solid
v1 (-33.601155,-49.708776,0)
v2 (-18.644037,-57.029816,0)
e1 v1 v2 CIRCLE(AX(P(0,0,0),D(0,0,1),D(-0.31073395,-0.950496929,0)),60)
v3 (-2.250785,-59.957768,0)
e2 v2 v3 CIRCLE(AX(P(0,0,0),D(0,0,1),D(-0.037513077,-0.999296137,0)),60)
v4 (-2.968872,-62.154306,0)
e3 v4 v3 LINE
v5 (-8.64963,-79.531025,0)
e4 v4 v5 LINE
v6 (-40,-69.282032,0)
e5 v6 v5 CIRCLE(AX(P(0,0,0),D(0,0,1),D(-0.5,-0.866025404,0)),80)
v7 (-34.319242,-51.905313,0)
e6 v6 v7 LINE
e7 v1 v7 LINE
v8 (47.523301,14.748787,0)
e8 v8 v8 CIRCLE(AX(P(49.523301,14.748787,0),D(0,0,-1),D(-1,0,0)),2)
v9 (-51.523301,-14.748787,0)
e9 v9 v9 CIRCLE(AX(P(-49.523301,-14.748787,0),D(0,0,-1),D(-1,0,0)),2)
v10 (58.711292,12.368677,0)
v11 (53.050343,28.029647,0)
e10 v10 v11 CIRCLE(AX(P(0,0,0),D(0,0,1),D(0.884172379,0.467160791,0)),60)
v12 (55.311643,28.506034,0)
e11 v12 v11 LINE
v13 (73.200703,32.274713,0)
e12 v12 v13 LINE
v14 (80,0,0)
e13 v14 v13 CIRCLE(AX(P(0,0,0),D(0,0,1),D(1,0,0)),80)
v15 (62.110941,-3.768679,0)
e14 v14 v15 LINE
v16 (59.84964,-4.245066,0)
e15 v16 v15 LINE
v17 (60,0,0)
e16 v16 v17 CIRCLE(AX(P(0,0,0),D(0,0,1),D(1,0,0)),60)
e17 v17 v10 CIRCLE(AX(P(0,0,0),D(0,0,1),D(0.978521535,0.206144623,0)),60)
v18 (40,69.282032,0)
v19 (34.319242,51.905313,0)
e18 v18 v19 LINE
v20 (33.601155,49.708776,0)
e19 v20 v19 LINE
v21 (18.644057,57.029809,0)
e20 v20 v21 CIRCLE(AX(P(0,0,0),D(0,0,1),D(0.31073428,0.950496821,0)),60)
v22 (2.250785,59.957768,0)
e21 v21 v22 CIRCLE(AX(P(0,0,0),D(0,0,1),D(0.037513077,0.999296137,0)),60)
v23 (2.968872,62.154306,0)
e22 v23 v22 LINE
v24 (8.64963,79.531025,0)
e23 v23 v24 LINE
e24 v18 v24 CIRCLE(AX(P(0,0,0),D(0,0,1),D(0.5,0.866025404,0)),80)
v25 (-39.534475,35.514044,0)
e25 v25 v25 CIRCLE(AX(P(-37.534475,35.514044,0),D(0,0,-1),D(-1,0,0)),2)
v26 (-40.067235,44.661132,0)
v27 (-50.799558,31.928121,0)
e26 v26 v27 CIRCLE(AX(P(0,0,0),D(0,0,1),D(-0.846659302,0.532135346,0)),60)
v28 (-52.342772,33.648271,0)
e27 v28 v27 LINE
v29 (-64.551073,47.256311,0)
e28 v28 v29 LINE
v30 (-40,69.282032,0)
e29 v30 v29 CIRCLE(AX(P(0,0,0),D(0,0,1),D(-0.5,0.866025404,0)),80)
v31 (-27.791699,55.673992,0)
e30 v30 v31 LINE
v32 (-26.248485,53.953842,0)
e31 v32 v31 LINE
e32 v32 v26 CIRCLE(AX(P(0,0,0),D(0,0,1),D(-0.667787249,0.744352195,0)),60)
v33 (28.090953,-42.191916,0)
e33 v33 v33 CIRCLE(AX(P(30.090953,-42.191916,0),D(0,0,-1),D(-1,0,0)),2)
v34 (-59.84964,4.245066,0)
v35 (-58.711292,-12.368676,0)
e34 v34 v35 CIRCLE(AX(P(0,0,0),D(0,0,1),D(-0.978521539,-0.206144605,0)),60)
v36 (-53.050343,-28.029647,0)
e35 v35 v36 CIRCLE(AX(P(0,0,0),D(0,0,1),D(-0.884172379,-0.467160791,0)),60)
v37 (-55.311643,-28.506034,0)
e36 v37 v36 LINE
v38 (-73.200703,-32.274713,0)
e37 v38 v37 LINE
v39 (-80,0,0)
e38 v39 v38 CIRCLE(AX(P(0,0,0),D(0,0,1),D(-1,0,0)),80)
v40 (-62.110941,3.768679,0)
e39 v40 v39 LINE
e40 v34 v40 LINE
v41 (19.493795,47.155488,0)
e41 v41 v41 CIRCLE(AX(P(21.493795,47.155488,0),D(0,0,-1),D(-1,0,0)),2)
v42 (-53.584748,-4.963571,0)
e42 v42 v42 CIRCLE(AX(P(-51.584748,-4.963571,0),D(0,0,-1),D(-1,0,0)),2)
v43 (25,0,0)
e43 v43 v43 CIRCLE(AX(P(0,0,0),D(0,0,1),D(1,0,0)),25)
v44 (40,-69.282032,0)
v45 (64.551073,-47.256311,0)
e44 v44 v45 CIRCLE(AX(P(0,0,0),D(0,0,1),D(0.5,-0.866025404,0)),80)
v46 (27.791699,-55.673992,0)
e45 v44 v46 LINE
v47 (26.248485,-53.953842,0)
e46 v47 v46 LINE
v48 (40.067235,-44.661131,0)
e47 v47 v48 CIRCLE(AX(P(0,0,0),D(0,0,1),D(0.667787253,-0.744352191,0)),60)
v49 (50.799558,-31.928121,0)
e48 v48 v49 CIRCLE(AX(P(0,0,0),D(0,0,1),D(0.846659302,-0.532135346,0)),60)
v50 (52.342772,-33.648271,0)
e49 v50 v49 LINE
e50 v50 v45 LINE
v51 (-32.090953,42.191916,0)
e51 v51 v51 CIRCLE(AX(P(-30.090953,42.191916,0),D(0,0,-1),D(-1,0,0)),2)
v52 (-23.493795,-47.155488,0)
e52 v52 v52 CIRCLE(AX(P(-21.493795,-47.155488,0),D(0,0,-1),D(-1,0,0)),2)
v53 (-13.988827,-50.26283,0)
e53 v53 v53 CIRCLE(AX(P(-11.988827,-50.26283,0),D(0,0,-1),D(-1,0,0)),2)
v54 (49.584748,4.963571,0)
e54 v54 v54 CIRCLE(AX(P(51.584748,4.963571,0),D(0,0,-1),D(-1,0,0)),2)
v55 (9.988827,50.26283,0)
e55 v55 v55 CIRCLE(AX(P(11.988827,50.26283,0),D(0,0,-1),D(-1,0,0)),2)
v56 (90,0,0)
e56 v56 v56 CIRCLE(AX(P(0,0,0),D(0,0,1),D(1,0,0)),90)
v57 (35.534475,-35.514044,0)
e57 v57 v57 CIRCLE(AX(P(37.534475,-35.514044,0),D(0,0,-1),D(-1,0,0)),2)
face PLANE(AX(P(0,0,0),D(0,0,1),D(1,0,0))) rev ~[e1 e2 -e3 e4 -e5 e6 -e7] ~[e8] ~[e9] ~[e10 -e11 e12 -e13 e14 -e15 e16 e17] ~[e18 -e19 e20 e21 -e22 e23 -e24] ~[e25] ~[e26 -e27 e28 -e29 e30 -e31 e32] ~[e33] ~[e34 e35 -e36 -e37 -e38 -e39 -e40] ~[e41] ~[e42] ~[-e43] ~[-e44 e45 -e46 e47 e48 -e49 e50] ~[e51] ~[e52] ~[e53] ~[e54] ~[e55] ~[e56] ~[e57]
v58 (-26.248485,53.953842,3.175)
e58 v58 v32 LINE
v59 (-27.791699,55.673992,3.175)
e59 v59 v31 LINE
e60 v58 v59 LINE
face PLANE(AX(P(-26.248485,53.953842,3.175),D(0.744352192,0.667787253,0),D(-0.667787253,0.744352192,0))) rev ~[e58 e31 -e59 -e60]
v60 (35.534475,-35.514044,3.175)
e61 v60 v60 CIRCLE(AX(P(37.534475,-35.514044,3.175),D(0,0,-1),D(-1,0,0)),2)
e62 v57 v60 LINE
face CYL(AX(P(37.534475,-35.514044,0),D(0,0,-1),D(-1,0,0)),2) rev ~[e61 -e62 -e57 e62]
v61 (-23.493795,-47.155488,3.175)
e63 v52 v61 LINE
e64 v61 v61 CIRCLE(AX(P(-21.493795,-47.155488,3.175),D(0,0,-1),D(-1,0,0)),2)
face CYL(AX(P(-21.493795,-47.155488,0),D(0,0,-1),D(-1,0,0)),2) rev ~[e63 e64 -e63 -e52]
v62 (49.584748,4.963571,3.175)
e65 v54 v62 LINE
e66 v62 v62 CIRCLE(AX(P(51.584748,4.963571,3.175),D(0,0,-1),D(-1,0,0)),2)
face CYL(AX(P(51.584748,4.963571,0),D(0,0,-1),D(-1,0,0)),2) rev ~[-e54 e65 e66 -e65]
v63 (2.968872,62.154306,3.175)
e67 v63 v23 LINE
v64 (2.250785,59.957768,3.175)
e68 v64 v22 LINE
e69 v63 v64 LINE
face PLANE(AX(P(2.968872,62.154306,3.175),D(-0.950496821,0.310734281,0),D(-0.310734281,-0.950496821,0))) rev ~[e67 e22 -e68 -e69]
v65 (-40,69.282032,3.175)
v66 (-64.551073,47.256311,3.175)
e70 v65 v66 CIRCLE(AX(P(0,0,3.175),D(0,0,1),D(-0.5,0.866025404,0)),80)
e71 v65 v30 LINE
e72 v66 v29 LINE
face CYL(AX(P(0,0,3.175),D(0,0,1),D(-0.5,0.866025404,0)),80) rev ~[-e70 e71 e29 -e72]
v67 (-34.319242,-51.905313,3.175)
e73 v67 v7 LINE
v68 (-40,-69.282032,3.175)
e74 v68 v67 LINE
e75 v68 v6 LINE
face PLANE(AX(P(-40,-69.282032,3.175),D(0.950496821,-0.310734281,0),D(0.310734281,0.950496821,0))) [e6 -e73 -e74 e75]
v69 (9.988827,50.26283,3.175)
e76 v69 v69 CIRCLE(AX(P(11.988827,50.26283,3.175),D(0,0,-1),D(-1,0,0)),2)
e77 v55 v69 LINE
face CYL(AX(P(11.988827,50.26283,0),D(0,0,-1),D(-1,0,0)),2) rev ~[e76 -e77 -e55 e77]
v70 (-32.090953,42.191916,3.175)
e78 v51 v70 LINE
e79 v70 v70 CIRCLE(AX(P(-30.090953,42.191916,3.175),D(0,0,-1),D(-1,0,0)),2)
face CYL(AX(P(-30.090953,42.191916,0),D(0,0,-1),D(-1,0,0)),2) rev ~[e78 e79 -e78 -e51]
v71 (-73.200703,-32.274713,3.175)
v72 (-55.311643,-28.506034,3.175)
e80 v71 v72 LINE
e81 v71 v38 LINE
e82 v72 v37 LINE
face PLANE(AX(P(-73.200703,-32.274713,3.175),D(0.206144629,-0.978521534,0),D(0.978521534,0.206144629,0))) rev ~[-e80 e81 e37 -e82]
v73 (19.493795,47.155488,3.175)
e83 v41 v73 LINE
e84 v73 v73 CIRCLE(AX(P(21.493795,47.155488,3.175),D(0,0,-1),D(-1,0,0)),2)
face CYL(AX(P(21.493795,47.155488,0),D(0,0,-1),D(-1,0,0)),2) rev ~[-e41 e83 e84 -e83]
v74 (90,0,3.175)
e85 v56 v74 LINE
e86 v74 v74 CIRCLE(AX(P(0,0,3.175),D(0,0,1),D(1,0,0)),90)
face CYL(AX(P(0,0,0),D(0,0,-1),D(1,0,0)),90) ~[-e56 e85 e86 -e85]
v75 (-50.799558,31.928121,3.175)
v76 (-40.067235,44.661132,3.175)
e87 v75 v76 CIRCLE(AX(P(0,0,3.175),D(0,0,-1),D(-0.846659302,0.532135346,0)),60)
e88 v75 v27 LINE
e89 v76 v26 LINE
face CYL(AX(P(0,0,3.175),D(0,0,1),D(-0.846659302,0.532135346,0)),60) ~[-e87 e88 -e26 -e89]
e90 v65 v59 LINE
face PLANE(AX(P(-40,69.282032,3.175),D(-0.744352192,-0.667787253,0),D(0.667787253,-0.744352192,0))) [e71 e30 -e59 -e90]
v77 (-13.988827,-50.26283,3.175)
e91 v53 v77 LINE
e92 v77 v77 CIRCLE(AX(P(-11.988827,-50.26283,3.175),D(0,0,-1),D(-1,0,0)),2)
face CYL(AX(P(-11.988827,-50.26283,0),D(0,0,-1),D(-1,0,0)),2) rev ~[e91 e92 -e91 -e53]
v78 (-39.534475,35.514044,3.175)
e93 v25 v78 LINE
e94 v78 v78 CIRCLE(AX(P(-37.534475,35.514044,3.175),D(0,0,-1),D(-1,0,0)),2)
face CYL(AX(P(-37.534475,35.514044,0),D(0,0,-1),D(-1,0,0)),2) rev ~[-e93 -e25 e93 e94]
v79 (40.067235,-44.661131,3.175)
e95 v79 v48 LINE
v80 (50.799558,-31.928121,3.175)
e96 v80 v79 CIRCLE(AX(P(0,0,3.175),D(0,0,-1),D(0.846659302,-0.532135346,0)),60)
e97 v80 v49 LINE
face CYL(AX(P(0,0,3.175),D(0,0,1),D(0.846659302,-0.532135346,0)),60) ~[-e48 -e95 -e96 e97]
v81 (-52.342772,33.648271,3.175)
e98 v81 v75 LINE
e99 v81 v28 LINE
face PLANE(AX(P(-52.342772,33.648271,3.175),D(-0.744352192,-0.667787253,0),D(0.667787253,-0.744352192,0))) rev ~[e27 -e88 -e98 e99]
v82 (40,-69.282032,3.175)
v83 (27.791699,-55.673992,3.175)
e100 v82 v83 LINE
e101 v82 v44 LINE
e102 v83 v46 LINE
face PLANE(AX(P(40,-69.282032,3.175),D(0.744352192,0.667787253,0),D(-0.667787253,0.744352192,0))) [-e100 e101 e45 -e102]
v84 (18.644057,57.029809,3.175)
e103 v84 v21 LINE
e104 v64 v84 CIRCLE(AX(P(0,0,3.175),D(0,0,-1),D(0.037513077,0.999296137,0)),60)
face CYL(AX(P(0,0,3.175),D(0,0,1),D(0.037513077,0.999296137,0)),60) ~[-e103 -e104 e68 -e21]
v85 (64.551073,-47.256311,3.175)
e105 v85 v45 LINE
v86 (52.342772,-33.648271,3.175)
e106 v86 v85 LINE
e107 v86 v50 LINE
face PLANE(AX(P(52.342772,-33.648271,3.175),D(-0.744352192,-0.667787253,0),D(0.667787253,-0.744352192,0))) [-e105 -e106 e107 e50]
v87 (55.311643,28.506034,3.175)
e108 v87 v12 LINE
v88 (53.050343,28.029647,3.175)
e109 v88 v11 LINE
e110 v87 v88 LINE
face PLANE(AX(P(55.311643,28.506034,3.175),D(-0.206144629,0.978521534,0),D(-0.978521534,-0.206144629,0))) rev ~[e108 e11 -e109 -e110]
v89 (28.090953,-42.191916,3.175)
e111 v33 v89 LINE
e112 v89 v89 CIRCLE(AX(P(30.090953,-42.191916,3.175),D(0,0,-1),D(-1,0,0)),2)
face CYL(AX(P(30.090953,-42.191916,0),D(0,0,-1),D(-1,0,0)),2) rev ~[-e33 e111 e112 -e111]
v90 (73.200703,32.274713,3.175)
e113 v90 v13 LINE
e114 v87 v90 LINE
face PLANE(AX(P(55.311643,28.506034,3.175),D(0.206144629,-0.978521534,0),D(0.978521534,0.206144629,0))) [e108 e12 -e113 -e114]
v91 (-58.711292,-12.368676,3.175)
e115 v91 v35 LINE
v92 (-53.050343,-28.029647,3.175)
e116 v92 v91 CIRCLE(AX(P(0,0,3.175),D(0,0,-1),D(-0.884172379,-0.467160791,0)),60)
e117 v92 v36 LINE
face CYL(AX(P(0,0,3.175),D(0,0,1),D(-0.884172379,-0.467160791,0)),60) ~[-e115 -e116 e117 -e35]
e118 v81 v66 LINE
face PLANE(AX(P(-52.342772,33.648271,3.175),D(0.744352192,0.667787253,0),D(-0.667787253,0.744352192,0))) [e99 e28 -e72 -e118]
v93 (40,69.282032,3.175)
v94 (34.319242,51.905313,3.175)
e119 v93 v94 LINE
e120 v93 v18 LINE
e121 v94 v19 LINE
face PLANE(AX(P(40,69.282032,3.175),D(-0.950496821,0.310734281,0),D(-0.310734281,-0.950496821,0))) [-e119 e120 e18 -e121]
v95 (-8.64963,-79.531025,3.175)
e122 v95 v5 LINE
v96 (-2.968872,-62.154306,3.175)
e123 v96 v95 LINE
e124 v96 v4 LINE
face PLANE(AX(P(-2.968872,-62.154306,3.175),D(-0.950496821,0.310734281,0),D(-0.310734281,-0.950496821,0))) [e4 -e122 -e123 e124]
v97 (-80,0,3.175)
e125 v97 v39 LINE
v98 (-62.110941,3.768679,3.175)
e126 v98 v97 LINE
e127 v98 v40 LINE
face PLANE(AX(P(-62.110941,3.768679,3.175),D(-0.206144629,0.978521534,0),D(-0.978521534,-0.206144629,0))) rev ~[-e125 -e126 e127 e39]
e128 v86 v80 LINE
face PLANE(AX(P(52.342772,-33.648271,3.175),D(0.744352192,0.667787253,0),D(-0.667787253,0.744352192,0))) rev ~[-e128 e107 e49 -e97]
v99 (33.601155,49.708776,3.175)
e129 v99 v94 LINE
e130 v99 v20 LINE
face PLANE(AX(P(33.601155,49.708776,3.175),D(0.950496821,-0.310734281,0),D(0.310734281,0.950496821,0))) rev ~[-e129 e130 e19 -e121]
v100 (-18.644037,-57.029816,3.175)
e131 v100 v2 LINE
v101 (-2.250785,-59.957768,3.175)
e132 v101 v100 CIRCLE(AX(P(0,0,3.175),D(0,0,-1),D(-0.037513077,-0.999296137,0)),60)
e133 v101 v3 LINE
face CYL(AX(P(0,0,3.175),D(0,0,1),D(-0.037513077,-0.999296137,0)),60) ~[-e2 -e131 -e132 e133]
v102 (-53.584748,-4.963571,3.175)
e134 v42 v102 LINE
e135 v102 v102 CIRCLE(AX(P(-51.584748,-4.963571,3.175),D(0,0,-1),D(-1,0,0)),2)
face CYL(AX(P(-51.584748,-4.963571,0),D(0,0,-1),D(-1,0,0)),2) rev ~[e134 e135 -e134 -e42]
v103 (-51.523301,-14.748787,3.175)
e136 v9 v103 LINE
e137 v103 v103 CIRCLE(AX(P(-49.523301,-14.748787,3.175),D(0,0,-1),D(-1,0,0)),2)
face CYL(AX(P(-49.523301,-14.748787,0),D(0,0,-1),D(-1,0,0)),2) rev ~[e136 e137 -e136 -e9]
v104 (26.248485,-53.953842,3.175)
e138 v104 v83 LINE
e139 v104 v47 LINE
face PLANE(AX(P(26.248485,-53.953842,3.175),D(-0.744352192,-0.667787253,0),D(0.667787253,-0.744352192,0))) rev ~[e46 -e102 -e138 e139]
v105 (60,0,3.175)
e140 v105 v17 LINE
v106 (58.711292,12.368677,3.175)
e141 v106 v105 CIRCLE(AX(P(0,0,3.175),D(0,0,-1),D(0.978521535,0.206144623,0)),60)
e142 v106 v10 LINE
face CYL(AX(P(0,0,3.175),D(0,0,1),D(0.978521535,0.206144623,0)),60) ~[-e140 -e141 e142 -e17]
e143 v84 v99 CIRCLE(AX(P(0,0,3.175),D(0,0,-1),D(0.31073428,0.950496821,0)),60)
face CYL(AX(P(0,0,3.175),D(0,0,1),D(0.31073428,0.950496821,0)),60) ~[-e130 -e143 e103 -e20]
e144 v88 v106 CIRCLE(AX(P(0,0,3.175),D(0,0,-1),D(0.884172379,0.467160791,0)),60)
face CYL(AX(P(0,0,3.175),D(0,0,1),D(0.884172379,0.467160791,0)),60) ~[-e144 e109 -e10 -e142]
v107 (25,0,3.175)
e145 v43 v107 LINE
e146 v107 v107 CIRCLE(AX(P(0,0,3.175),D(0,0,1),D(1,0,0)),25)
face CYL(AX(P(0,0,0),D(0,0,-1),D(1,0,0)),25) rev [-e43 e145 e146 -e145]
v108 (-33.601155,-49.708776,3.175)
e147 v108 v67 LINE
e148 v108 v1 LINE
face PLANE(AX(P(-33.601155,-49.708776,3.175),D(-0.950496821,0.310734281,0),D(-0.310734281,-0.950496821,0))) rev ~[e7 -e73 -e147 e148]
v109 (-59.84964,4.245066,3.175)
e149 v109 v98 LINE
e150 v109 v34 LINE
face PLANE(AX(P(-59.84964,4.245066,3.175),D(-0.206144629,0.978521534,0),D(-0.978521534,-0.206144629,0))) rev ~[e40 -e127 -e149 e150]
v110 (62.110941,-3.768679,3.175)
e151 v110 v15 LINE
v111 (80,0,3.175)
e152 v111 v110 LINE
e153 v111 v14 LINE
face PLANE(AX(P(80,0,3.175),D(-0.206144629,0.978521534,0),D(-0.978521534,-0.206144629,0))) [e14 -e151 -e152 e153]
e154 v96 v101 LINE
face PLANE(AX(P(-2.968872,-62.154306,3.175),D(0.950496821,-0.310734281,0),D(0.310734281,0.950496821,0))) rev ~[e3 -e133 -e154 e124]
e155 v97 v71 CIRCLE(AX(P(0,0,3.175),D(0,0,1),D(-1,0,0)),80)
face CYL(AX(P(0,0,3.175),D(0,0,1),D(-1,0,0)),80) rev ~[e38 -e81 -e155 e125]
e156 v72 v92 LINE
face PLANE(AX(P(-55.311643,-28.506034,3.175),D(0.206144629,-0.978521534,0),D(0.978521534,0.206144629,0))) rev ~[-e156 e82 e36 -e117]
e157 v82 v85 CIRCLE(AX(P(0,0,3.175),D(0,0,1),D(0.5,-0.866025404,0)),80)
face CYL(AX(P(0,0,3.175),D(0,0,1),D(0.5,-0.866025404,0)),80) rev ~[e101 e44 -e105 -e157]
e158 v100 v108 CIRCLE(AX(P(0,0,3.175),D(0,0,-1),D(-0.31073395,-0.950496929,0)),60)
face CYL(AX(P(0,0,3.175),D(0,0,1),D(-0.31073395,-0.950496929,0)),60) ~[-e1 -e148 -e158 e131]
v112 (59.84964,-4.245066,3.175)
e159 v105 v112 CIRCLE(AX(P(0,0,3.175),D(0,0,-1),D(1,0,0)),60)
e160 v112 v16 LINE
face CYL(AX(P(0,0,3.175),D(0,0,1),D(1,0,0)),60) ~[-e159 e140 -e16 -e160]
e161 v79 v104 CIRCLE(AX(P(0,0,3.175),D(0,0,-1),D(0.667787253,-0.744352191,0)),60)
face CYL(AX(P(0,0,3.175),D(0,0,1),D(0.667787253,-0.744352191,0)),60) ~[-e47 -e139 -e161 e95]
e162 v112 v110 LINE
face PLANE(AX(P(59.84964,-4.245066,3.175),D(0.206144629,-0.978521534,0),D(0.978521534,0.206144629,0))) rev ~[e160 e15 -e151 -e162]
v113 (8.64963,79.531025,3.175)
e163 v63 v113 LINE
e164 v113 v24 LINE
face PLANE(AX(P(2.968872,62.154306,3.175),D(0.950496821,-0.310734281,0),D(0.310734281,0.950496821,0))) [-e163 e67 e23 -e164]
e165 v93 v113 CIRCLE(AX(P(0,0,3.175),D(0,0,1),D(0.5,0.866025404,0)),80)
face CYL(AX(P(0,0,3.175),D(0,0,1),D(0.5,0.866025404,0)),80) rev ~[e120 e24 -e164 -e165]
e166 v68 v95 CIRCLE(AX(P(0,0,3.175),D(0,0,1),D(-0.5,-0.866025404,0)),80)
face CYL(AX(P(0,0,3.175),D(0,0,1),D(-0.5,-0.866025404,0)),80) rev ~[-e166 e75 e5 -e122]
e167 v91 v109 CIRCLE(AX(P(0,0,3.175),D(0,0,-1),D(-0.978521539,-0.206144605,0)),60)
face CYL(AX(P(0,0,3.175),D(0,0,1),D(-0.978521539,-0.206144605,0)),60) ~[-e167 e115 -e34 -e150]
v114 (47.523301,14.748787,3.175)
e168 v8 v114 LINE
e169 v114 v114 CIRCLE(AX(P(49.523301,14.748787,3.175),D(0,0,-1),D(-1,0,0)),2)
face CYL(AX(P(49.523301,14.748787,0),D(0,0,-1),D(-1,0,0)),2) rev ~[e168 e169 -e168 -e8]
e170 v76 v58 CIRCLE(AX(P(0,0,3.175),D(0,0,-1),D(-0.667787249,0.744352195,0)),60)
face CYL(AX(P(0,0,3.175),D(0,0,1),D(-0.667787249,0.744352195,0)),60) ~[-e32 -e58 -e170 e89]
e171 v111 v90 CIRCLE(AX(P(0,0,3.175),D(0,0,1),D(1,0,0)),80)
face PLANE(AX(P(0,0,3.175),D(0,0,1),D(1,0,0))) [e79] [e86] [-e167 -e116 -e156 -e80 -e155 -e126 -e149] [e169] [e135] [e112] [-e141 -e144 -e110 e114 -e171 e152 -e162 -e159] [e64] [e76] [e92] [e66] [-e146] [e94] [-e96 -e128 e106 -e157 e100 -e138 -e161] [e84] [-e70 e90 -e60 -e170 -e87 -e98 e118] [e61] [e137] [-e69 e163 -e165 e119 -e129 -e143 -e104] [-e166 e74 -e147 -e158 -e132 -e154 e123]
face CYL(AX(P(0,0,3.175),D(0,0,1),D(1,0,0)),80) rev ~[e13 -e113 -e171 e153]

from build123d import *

# Parameters (mm, degrees)
SKETCH1_R           = 90
SKETCH1_R_2         = 25
BOSS_EXTRUDE1_DEPTH = 3.175
SKETCH2_R           = 2
CUT_EXTRUDE1_DEPTH  = 128.31881489
CUT_EXTRUDE2_DEPTH  = 128.31881489


with BuildPart() as part:
    # Sketch1 → Boss-Extrude1 (new body)
    with BuildSketch(Plane.XY):
        Circle(SKETCH1_R)
        Circle(SKETCH1_R_2, mode=Mode.SUBTRACT)
    extrude(amount=BOSS_EXTRUDE1_DEPTH)

    # Sketch2 → Cut-Extrude1 (cut, through all)
    with BuildSketch(Plane(origin=(0, 0, 0), x_dir=(-1, 0, 0), z_dir=(0, 0, -1))):
        with Locations((-49.523301376, 14.748786792)):
            Circle(SKETCH2_R)
        with Locations((-51.58474767, 4.963571456)):
            Circle(SKETCH2_R)
        with Locations((-37.534474725, -35.514043674)):
            Circle(SKETCH2_R)
        with Locations((-30.09095281, -42.191916202)):
            Circle(SKETCH2_R)
        with Locations((11.988826651, -50.262830467)):
            Circle(SKETCH2_R)
        with Locations((21.493794861, -47.155487659)):
            Circle(SKETCH2_R)
        with Locations((49.523301376, -14.748786792)):
            Circle(SKETCH2_R)
        with Locations((51.58474767, -4.963571456)):
            Circle(SKETCH2_R)
        with Locations((37.534474725, 35.514043674)):
            Circle(SKETCH2_R)
        with Locations((30.09095281, 42.191916202)):
            Circle(SKETCH2_R)
        with Locations((-21.493794861, 47.155487659)):
            Circle(SKETCH2_R)
        with Locations((-11.988826651, 50.262830467)):
            Circle(SKETCH2_R)
    extrude(amount=-CUT_EXTRUDE1_DEPTH, mode=Mode.SUBTRACT)

    # Sketch3 → Cut-Extrude2 (cut, through all)
    with BuildSketch(Plane.XY.offset(3.175)):
        Polygon((-80, 0), (-73.200702677, -32.27471344), (-55.311643355, -28.50603449), (-62.110940678, 3.76867895), align=None)
        with BuildLine():
            Line((-73.200702677, -32.27471344), (-80, 0))
            ThreePointArc((-80, 0), (-78.281722688, -16.49157036), (-73.200702677, -32.27471344))
        make_face()
        with BuildLine():
            Line((-59.849640055, 4.245065992), (-62.110940678, 3.76867895))
            Line((-62.110940678, 3.76867895), (-58.711292321, -12.368676325))
            ThreePointArc((-58.711292321, -12.368676325), (-59.859650683, -4.101489986), (-59.849640055, 4.245065992))
        make_face()
        with BuildLine():
            ThreePointArc((-53.050342732, -28.029647448), (-56.426786826, -20.396512655), (-58.711292321, -12.368676325))
            Line((-58.711292321, -12.368676325), (-55.311643355, -28.50603449))
            Line((-55.311643355, -28.50603449), (-53.050342732, -28.029647448))
        make_face()
        Polygon((-34.319242049, -51.905313005), (-2.968871648, -62.154305515), (-8.649629599, -79.531024813), (-40, -69.282032303), align=None)
        with BuildLine():
            Line((-33.601155018, -49.708775699), (-34.319242049, -51.905313005))
            Line((-34.319242049, -51.905313005), (-18.644036991, -57.029815752))
            ThreePointArc((-18.644036991, -57.029815752), (-26.377820776, -53.890728063), (-33.601155018, -49.708775699))
        make_face()
        with BuildLine():
            ThreePointArc((-2.250784617, -59.957768209), (-10.549484296, -59.065289139), (-18.644036991, -57.029815752))
            Line((-18.644036991, -57.029815752), (-2.968871648, -62.154305515))
            Line((-2.968871648, -62.154305515), (-2.250784617, -59.957768209))
        make_face()
        with BuildLine():
            Line((-8.649629599, -79.531024813), (-40, -69.282032303))
            ThreePointArc((-40, -69.282032303), (-24.858742464, -76.03974568), (-8.649629599, -79.531024813))
        make_face()
        Polygon((27.791698629, -55.673991955), (52.342771707, -33.648271025), (64.551073077, -47.256311373), (40, -69.282032303), align=None)
        with BuildLine():
            Line((26.248485037, -53.953841691), (27.791698629, -55.673991955))
            Line((27.791698629, -55.673991955), (40.067235173, -44.661131486))
            ThreePointArc((40.067235173, -44.661131486), (33.481820478, -49.789232747), (26.248485037, -53.953841691))
        make_face()
        with BuildLine():
            ThreePointArc((50.799558115, -31.928120761), (45.877291999, -38.668773951), (40.067235173, -44.661131486))
            Line((40.067235173, -44.661131486), (52.342771707, -33.648271025))
            Line((52.342771707, -33.648271025), (50.799558115, -31.928120761))
        make_face()
        with BuildLine():
            Line((64.551073077, -47.256311373), (40, -69.282032303))
            ThreePointArc((40, -69.282032303), (53.422980224, -59.54817532), (64.551073077, -47.256311373))
        make_face()
        Polygon((62.110940678, -3.76867895), (55.311643355, 28.50603449), (73.200702677, 32.27471344), (80, 0), align=None)
        with BuildLine():
            Line((58.711292095, 12.368677398), (55.311643355, 28.50603449))
            Line((55.311643355, 28.50603449), (53.050342732, 28.029647448))
            ThreePointArc((53.050342732, 28.029647448), (56.42678664, 20.39651317), (58.711292095, 12.368677398))
        make_face()
        with BuildLine():
            Line((59.849640055, -4.245065992), (62.110940678, -3.76867895))
            Line((62.110940678, -3.76867895), (58.711292095, 12.368677398))
            ThreePointArc((58.711292095, 12.368677398), (59.676953364, 6.217816108), (60, 0))
            ThreePointArc((60, 0), (59.962398231, -2.123864014), (59.849640055, -4.245065992))
        make_face()
        with BuildLine():
            ThreePointArc((80, 0), (78.281722688, 16.49157036), (73.200702677, 32.27471344))
            Line((73.200702677, 32.27471344), (80, 0))
        make_face()
        Polygon((-27.791698629, 55.673991955), (-52.342771707, 33.648271025), (-64.551073077, 47.256311373), (-40, 69.282032303), align=None)
        Polygon((34.319242049, 51.905313005), (2.968871648, 62.154305515), (8.649629599, 79.531024813), (40, 69.282032303), align=None)
        with BuildLine():
            Line((18.644056811, 57.029809272), (2.968871648, 62.154305515))
            Line((2.968871648, 62.154305515), (2.250784617, 59.957768209))
            ThreePointArc((2.250784617, 59.957768209), (10.54949456, 59.065287306), (18.644056811, 57.029809272))
        make_face()
        with BuildLine():
            Line((33.601155018, 49.708775699), (34.319242049, 51.905313005))
            Line((34.319242049, 51.905313005), (18.644056811, 57.029809272))
            ThreePointArc((18.644056811, 57.029809272), (26.37783014, 53.890723479), (33.601155018, 49.708775699))
        make_face()
        with BuildLine():
            ThreePointArc((40, 69.282032303), (24.858742464, 76.03974568), (8.649629599, 79.531024813))
            Line((8.649629599, 79.531024813), (40, 69.282032303))
        make_face()
        with BuildLine():
            ThreePointArc((-40, 69.282032303), (-53.422980224, 59.54817532), (-64.551073077, 47.256311373))
            Line((-64.551073077, 47.256311373), (-40, 69.282032303))
        make_face()
        with BuildLine():
            Line((-40.067234967, 44.661131671), (-52.342771707, 33.648271025))
            Line((-52.342771707, 33.648271025), (-50.799558115, 31.928120761))
            ThreePointArc((-50.799558115, 31.928120761), (-45.877291909, 38.668774057), (-40.067234967, 44.661131671))
        make_face()
        with BuildLine():
            Line((-26.248485037, 53.953841691), (-27.791698629, 55.673991955))
            Line((-27.791698629, 55.673991955), (-40.067234967, 44.661131671))
            ThreePointArc((-40.067234967, 44.661131671), (-33.481820363, 49.789232824), (-26.248485037, 53.953841691))
        make_face()
    extrude(amount=-CUT_EXTRUDE2_DEPTH, mode=Mode.SUBTRACT)


solid = part.part
